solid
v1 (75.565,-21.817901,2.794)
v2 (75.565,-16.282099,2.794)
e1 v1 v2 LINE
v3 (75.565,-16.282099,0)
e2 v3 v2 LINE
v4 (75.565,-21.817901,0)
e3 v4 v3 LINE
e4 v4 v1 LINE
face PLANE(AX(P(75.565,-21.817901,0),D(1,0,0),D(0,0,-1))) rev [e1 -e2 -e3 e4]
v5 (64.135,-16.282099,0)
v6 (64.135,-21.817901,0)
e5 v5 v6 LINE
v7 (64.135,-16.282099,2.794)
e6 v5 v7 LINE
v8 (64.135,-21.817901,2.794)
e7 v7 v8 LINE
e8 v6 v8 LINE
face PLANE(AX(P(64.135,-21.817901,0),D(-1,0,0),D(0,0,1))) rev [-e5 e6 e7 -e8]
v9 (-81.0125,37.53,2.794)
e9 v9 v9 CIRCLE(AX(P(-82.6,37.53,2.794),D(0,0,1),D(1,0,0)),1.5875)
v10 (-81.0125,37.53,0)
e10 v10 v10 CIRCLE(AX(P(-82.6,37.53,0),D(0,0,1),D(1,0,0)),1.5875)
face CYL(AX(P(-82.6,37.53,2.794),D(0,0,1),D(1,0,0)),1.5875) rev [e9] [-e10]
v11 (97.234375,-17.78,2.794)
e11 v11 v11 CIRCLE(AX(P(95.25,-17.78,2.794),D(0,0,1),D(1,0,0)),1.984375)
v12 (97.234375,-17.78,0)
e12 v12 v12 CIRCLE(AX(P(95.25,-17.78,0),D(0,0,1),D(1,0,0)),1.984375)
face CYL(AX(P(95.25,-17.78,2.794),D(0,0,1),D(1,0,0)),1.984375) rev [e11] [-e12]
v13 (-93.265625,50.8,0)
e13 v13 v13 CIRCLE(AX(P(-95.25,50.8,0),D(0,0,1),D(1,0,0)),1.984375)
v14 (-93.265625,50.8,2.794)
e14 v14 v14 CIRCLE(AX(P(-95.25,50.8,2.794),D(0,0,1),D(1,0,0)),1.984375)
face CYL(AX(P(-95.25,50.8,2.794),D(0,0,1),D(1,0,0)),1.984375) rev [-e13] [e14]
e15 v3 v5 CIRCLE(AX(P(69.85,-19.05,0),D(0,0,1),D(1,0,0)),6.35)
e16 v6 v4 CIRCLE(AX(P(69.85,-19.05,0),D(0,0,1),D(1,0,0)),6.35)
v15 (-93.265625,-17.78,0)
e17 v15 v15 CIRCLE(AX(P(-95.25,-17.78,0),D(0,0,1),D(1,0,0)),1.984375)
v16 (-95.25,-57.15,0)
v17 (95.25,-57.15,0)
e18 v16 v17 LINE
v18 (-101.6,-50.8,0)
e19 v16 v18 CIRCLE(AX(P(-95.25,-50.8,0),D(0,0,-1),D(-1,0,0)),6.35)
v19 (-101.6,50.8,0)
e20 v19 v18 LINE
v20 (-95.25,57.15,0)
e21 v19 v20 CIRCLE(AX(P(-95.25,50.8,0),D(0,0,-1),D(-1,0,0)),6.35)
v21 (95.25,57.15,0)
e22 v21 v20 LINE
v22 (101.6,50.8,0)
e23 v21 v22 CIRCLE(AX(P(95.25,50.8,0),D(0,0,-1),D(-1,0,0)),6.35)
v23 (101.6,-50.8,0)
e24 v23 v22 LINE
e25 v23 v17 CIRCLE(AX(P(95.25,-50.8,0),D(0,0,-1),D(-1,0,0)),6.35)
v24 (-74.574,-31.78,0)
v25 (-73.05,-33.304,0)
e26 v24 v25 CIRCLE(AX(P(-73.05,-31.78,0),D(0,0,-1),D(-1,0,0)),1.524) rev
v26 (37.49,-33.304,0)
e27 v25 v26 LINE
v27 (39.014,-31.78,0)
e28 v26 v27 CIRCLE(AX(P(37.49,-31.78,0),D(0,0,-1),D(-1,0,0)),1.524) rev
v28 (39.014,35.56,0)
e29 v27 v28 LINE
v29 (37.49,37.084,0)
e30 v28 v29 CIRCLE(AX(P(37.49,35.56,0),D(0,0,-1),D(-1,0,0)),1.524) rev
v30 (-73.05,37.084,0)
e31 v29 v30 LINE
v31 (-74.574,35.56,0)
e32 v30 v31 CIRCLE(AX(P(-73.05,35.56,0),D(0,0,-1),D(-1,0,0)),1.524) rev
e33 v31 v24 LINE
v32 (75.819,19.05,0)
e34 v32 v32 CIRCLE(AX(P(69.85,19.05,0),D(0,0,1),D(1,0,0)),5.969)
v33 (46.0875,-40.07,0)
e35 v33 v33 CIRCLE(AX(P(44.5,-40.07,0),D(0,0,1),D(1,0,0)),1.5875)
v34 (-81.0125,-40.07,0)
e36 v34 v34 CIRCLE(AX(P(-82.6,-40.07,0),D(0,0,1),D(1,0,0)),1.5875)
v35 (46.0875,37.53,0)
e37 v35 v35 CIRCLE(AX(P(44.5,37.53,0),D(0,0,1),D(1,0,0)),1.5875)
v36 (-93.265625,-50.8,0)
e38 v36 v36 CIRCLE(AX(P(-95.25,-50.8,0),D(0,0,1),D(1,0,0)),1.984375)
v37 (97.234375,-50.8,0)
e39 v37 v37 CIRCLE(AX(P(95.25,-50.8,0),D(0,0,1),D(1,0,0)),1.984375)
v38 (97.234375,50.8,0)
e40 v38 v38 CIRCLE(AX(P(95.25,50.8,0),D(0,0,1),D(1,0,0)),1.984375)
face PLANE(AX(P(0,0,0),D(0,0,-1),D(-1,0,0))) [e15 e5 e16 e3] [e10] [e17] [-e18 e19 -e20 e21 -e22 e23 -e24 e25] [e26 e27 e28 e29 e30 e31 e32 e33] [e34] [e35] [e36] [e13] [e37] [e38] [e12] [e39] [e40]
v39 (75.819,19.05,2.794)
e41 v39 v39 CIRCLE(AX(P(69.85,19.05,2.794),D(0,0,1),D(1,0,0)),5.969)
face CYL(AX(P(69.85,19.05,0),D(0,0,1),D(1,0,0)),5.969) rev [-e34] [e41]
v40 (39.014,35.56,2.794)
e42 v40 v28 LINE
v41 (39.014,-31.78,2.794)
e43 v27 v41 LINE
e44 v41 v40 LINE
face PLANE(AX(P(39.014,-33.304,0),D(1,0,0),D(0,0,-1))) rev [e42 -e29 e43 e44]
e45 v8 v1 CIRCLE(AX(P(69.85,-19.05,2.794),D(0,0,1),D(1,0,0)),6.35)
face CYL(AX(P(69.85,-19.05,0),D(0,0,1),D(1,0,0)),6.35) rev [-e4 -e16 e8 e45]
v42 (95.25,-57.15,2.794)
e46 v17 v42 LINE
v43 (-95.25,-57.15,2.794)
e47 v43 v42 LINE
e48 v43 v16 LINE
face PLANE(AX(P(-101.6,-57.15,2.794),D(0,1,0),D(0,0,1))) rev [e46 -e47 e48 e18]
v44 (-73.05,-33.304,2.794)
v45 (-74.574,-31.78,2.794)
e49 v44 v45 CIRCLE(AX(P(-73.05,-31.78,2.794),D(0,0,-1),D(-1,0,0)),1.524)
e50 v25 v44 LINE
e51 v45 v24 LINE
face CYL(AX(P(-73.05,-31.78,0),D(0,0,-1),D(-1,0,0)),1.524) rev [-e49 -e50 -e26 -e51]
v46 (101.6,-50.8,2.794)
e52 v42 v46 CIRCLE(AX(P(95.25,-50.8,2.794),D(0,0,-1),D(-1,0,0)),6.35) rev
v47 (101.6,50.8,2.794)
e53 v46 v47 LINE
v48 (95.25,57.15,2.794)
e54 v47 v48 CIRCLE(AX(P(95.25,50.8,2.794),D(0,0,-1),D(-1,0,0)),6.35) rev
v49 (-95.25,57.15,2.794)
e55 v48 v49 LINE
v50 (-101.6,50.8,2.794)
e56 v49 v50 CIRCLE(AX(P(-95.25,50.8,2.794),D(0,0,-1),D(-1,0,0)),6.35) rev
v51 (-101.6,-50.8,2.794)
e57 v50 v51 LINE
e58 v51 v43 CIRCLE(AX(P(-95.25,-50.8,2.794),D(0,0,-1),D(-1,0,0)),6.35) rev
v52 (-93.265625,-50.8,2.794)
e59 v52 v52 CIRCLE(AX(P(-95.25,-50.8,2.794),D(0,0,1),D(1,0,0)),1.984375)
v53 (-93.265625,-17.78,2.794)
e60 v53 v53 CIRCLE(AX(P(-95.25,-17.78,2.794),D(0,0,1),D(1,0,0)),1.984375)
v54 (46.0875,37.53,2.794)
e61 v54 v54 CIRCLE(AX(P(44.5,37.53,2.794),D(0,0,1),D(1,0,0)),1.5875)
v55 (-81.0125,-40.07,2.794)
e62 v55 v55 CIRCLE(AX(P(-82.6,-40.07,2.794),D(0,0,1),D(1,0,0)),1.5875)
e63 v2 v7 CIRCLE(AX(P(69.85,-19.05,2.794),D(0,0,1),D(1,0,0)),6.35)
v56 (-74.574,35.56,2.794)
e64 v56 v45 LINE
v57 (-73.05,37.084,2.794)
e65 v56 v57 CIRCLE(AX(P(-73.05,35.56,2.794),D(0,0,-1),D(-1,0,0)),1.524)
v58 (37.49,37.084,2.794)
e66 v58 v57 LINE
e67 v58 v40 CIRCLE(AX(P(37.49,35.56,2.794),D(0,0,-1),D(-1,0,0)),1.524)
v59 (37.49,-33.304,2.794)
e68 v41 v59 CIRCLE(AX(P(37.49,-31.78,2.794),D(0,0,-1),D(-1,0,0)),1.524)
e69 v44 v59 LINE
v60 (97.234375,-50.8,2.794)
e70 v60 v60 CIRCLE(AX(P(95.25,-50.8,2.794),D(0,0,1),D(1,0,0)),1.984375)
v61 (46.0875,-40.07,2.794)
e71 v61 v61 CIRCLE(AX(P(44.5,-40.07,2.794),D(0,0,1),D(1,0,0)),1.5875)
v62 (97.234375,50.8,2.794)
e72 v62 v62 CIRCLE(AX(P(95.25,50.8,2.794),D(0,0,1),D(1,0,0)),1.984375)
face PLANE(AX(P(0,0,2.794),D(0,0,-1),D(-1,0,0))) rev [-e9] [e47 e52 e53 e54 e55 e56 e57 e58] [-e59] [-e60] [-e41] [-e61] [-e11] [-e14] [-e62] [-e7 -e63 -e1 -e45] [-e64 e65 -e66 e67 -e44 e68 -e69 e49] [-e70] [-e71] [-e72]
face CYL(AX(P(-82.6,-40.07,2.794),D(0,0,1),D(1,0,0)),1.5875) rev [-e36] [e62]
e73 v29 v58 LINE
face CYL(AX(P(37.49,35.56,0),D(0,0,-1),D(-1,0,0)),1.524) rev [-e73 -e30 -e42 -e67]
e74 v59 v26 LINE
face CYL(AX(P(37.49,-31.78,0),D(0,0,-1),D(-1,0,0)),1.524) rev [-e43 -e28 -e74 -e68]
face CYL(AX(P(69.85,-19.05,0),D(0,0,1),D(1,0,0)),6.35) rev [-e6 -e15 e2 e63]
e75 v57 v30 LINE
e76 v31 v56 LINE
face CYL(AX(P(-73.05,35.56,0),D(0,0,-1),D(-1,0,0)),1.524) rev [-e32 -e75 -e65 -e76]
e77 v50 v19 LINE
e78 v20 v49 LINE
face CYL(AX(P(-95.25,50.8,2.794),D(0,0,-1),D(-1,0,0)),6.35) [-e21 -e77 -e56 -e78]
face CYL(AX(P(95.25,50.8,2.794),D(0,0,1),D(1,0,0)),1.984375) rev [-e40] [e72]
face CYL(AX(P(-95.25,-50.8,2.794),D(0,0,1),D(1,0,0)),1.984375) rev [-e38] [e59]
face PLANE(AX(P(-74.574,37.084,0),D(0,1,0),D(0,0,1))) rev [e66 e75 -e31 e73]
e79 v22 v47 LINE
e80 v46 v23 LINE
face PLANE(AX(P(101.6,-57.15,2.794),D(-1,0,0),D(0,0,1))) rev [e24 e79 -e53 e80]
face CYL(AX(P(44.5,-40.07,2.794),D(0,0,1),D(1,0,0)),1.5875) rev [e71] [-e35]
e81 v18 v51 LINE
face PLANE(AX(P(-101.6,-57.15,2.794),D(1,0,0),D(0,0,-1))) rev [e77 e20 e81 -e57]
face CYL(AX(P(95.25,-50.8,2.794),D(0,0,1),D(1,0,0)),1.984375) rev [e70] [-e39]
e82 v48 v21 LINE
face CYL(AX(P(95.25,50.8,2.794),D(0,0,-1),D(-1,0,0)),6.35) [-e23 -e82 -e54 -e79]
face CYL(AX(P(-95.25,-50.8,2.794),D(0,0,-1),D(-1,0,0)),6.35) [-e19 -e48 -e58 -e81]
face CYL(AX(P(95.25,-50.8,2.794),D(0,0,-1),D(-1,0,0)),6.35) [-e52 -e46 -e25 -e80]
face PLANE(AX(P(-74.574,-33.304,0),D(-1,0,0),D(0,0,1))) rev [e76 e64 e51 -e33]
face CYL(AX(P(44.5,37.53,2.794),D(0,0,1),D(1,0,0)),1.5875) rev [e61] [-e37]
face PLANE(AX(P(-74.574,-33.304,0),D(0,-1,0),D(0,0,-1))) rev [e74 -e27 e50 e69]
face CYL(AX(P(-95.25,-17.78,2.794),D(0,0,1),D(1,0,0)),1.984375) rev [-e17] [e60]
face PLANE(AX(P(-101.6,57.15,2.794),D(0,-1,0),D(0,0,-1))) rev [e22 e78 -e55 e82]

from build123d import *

# Parameters (mm, degrees)
SKETCH1_W                       = 203.2
SKETCH1_H                       = 114.3
BOSS_EXTRUDE1_DEPTH             = 2.794
F_1_8_0_125_DIAMETER_HOLE1_D    = 3.175
F_5_32_0_15625_DIAMETER_HOLE1_D = 3.96875
SKETCH4_W                       = 113.5879999
SKETCH4_H                       = 70.38799994
CUT_EXTRUDE1_DEPTH              = 117.603983362
FILLET1_R                       = 1.524
FILLET2_R                       = 6.35
SKETCH7_R                       = 5.969
CUT_EXTRUDE2_DEPTH              = 117.603983362


with BuildPart() as part:
    # Sketch1 → Boss-Extrude1 (new body)
    with BuildSketch(Plane.XY):
        Rectangle(SKETCH1_W, SKETCH1_H)
    extrude(amount=BOSS_EXTRUDE1_DEPTH)

    # 1/8 (0.125) Diameter Hole1 (through all)
    with Locations(Plane.XY.offset(2.794)):
        with Locations((-82.6, -40.07), (-82.6, 37.53), (44.5, -40.07), (44.5, 37.53)):
            Hole(F_1_8_0_125_DIAMETER_HOLE1_D / 2)

    # 5/32 (0.15625) Diameter Hole1 (through all)
    with Locations(Plane.XY.offset(2.794)):
        with Locations((95.25, -17.78), (-95.25, 50.8), (95.25, 50.8), (95.25, -50.8), (-95.25, -50.8), (-95.25, -17.78)):
            Hole(F_5_32_0_15625_DIAMETER_HOLE1_D / 2)

    # Sketch4 → Cut-Extrude1 (cut, through all)
    with BuildSketch(Plane.XY.offset(2.794)):
        with Locations((-17.78, 1.89000003)):
            Rectangle(SKETCH4_W, SKETCH4_H)
    extrude(amount=-CUT_EXTRUDE1_DEPTH, mode=Mode.SUBTRACT)

    # Fillet1
    fillet1_edges = [part.edges().sort_by_distance(p)[0] for p in [
        (39.01399995, 37.084, 1.397),
        (39.01399995, -33.30399994, 1.397),
        (-74.57399995, -33.30399994, 1.397),
        (-74.57399995, 37.084, 1.397),
    ]]
    fillet(fillet1_edges, radius=FILLET1_R)

    # Fillet2
    fillet2_edges = [part.edges().sort_by_distance(p)[0] for p in [
        (101.6, -57.15, 1.397),
        (-101.6, -57.15, 1.397),
        (-101.6, 57.15, 1.397),
        (101.6, 57.15, 1.397),
    ]]
    fillet(fillet2_edges, radius=FILLET2_R)

    # Sketch7 → Cut-Extrude2 (cut, through all)
    with BuildSketch(Plane.XY.offset(2.794)):
        with Locations((69.85, 19.05)):
            Circle(SKETCH7_R)
        with BuildLine():
            Line((64.135, -21.817900829), (64.135, -16.282099171))
            ThreePointArc((64.135, -16.282099171), (69.85, -12.7), (75.565, -16.282099171))
            Line((75.565, -16.282099171), (75.565, -21.817900829))
            ThreePointArc((75.565, -21.817900829), (69.85, -25.4), (64.135, -21.817900829))
        make_face()
    extrude(amount=-CUT_EXTRUDE2_DEPTH, mode=Mode.SUBTRACT)


solid = part.part
